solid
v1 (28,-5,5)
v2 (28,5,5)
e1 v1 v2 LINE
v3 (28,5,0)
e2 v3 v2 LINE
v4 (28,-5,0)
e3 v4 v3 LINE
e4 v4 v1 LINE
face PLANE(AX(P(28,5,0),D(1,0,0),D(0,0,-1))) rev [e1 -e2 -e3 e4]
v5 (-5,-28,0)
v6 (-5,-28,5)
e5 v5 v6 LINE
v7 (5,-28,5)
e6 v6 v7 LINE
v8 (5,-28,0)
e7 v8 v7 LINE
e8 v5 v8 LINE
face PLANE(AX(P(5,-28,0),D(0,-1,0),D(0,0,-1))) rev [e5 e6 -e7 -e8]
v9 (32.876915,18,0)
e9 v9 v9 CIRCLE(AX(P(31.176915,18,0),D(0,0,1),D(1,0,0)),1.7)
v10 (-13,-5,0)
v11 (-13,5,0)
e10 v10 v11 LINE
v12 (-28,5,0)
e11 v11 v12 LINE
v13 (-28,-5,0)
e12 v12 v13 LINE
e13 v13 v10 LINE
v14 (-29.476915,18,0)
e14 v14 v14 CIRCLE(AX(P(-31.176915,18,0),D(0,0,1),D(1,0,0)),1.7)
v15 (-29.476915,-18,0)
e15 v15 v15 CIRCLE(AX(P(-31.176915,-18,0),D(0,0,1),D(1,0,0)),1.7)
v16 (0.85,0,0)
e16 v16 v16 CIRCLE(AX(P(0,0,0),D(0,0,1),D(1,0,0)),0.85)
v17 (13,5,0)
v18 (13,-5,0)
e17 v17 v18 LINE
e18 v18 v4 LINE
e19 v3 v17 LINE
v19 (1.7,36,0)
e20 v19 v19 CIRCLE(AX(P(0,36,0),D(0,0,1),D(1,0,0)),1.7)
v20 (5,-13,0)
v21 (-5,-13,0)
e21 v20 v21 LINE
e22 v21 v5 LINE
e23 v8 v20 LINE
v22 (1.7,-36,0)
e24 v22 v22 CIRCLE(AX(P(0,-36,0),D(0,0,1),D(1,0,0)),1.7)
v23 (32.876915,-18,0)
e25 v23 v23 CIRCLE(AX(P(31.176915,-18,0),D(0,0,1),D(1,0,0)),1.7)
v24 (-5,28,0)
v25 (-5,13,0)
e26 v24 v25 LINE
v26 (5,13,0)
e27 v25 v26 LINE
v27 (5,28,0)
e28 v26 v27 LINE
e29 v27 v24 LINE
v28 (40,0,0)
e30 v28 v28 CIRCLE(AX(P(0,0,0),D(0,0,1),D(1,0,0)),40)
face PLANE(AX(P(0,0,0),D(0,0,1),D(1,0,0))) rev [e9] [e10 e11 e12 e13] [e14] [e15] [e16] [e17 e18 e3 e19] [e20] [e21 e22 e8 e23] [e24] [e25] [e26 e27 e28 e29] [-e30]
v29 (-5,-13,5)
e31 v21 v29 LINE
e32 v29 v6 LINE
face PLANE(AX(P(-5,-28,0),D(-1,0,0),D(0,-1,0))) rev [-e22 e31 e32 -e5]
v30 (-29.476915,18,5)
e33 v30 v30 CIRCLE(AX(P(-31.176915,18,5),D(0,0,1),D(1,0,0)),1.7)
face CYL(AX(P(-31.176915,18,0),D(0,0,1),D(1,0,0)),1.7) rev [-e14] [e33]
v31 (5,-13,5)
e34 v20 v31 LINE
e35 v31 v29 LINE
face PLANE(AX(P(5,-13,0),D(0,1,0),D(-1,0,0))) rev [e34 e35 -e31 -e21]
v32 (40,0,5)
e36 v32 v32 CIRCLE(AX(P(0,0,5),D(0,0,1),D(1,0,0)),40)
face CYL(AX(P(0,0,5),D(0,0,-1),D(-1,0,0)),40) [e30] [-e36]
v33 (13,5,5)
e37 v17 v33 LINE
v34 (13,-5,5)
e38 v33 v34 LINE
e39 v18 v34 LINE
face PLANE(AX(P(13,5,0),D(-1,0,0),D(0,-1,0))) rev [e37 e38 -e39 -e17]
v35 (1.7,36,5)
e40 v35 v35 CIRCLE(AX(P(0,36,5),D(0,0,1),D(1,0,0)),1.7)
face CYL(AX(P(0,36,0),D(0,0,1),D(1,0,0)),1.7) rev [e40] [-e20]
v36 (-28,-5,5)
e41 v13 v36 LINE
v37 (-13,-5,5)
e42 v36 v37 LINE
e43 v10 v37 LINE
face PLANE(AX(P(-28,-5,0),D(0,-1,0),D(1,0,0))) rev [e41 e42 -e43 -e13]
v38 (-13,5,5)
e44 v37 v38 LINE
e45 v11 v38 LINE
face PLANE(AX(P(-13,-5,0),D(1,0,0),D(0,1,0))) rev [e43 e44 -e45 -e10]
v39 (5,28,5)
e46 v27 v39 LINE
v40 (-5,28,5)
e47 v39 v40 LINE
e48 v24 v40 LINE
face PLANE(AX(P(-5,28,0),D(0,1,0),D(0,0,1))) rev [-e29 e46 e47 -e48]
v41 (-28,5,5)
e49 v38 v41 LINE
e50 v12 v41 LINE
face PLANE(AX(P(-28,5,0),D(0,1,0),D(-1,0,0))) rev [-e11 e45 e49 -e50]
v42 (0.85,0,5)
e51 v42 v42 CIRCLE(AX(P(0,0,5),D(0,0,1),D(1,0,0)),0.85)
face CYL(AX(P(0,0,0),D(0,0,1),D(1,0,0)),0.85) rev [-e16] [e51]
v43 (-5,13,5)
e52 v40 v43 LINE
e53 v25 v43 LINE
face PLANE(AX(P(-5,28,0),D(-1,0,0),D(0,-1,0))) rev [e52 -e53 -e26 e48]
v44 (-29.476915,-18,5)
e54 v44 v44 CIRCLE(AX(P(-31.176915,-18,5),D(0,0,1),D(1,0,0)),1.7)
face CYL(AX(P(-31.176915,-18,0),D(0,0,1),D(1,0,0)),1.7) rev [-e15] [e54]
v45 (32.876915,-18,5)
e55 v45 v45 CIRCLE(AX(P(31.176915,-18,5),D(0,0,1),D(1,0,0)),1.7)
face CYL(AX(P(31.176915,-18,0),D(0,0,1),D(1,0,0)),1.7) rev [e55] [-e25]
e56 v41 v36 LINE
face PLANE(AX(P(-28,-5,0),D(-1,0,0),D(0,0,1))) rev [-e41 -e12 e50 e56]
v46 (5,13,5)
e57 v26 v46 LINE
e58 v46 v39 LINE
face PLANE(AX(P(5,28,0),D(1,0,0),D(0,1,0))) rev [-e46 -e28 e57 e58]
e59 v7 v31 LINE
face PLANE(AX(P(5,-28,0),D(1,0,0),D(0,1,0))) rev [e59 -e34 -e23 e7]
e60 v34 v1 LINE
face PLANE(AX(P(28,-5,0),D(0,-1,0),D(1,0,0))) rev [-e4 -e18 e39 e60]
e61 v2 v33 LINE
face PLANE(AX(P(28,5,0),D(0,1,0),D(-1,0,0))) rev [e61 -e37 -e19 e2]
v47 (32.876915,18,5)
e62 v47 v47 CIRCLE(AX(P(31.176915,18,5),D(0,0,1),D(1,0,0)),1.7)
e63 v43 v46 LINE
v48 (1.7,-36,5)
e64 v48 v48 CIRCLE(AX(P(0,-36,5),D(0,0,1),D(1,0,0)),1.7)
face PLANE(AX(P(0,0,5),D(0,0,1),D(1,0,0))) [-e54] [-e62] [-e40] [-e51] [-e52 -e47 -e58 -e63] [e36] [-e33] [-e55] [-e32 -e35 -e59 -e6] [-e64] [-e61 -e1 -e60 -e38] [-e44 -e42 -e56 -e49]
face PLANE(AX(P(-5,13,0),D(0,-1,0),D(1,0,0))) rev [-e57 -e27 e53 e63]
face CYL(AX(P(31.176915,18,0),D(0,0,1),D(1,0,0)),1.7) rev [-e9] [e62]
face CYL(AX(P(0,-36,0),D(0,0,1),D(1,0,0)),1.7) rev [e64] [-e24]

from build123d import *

# Parameters (mm, degrees)
SKETCH1_R           = 40
SKETCH1_R_2         = 0.75
BOSS_EXTRUDE1_DEPTH = 5
SKETCH4_W           = 10
SKETCH4_H           = 15
SKETCH4_W_2         = 15
SKETCH4_H_2         = 10
CUT_EXTRUDE3_DEPTH  = 6
SKETCH5_R           = 1.7
CUT_EXTRUDE4_DEPTH  = 6
SKETCH6_R           = 0.85
CUT_EXTRUDE5_DEPTH  = 6


with BuildPart() as part:
    # Sketch1 → Boss-Extrude1 (new body)
    with BuildSketch(Plane.XY):
        Circle(SKETCH1_R)
        Circle(SKETCH1_R_2, mode=Mode.SUBTRACT)
    extrude(amount=BOSS_EXTRUDE1_DEPTH)

    # Sketch4 → Cut-Extrude3 (cut, through all)
    with BuildSketch(Plane.XY.offset(5)):
        with Locations((0, 20.5)):
            Rectangle(SKETCH4_W, SKETCH4_H)
        with Locations((20.5, 0)):
            Rectangle(SKETCH4_W_2, SKETCH4_H_2)
        with Locations((0, -20.5)):
            Rectangle(SKETCH4_W, SKETCH4_H)
        with Locations((-20.5, 0)):
            Rectangle(SKETCH4_W_2, SKETCH4_H_2)
    extrude(amount=-CUT_EXTRUDE3_DEPTH, mode=Mode.SUBTRACT)

    # Sketch5 → Cut-Extrude4 (cut, through all)
    with BuildSketch(Plane.XY.offset(5)):
        with Locations((0, 36)):
            Circle(SKETCH5_R)
        with Locations((31.176914536, 18)):
            Circle(SKETCH5_R)
        with Locations((31.176914536, -18)):
            Circle(SKETCH5_R)
        with Locations((0, -36)):
            Circle(SKETCH5_R)
        with Locations((-31.176914536, -18)):
            Circle(SKETCH5_R)
        with Locations((-31.176914536, 18)):
            Circle(SKETCH5_R)
    extrude(amount=-CUT_EXTRUDE4_DEPTH, mode=Mode.SUBTRACT)

    # Sketch6 → Cut-Extrude5 (cut, through all)
    with BuildSketch(Plane.XY.offset(5)):
        Circle(SKETCH6_R)
    extrude(amount=-CUT_EXTRUDE5_DEPTH, mode=Mode.SUBTRACT)


solid = part.part
